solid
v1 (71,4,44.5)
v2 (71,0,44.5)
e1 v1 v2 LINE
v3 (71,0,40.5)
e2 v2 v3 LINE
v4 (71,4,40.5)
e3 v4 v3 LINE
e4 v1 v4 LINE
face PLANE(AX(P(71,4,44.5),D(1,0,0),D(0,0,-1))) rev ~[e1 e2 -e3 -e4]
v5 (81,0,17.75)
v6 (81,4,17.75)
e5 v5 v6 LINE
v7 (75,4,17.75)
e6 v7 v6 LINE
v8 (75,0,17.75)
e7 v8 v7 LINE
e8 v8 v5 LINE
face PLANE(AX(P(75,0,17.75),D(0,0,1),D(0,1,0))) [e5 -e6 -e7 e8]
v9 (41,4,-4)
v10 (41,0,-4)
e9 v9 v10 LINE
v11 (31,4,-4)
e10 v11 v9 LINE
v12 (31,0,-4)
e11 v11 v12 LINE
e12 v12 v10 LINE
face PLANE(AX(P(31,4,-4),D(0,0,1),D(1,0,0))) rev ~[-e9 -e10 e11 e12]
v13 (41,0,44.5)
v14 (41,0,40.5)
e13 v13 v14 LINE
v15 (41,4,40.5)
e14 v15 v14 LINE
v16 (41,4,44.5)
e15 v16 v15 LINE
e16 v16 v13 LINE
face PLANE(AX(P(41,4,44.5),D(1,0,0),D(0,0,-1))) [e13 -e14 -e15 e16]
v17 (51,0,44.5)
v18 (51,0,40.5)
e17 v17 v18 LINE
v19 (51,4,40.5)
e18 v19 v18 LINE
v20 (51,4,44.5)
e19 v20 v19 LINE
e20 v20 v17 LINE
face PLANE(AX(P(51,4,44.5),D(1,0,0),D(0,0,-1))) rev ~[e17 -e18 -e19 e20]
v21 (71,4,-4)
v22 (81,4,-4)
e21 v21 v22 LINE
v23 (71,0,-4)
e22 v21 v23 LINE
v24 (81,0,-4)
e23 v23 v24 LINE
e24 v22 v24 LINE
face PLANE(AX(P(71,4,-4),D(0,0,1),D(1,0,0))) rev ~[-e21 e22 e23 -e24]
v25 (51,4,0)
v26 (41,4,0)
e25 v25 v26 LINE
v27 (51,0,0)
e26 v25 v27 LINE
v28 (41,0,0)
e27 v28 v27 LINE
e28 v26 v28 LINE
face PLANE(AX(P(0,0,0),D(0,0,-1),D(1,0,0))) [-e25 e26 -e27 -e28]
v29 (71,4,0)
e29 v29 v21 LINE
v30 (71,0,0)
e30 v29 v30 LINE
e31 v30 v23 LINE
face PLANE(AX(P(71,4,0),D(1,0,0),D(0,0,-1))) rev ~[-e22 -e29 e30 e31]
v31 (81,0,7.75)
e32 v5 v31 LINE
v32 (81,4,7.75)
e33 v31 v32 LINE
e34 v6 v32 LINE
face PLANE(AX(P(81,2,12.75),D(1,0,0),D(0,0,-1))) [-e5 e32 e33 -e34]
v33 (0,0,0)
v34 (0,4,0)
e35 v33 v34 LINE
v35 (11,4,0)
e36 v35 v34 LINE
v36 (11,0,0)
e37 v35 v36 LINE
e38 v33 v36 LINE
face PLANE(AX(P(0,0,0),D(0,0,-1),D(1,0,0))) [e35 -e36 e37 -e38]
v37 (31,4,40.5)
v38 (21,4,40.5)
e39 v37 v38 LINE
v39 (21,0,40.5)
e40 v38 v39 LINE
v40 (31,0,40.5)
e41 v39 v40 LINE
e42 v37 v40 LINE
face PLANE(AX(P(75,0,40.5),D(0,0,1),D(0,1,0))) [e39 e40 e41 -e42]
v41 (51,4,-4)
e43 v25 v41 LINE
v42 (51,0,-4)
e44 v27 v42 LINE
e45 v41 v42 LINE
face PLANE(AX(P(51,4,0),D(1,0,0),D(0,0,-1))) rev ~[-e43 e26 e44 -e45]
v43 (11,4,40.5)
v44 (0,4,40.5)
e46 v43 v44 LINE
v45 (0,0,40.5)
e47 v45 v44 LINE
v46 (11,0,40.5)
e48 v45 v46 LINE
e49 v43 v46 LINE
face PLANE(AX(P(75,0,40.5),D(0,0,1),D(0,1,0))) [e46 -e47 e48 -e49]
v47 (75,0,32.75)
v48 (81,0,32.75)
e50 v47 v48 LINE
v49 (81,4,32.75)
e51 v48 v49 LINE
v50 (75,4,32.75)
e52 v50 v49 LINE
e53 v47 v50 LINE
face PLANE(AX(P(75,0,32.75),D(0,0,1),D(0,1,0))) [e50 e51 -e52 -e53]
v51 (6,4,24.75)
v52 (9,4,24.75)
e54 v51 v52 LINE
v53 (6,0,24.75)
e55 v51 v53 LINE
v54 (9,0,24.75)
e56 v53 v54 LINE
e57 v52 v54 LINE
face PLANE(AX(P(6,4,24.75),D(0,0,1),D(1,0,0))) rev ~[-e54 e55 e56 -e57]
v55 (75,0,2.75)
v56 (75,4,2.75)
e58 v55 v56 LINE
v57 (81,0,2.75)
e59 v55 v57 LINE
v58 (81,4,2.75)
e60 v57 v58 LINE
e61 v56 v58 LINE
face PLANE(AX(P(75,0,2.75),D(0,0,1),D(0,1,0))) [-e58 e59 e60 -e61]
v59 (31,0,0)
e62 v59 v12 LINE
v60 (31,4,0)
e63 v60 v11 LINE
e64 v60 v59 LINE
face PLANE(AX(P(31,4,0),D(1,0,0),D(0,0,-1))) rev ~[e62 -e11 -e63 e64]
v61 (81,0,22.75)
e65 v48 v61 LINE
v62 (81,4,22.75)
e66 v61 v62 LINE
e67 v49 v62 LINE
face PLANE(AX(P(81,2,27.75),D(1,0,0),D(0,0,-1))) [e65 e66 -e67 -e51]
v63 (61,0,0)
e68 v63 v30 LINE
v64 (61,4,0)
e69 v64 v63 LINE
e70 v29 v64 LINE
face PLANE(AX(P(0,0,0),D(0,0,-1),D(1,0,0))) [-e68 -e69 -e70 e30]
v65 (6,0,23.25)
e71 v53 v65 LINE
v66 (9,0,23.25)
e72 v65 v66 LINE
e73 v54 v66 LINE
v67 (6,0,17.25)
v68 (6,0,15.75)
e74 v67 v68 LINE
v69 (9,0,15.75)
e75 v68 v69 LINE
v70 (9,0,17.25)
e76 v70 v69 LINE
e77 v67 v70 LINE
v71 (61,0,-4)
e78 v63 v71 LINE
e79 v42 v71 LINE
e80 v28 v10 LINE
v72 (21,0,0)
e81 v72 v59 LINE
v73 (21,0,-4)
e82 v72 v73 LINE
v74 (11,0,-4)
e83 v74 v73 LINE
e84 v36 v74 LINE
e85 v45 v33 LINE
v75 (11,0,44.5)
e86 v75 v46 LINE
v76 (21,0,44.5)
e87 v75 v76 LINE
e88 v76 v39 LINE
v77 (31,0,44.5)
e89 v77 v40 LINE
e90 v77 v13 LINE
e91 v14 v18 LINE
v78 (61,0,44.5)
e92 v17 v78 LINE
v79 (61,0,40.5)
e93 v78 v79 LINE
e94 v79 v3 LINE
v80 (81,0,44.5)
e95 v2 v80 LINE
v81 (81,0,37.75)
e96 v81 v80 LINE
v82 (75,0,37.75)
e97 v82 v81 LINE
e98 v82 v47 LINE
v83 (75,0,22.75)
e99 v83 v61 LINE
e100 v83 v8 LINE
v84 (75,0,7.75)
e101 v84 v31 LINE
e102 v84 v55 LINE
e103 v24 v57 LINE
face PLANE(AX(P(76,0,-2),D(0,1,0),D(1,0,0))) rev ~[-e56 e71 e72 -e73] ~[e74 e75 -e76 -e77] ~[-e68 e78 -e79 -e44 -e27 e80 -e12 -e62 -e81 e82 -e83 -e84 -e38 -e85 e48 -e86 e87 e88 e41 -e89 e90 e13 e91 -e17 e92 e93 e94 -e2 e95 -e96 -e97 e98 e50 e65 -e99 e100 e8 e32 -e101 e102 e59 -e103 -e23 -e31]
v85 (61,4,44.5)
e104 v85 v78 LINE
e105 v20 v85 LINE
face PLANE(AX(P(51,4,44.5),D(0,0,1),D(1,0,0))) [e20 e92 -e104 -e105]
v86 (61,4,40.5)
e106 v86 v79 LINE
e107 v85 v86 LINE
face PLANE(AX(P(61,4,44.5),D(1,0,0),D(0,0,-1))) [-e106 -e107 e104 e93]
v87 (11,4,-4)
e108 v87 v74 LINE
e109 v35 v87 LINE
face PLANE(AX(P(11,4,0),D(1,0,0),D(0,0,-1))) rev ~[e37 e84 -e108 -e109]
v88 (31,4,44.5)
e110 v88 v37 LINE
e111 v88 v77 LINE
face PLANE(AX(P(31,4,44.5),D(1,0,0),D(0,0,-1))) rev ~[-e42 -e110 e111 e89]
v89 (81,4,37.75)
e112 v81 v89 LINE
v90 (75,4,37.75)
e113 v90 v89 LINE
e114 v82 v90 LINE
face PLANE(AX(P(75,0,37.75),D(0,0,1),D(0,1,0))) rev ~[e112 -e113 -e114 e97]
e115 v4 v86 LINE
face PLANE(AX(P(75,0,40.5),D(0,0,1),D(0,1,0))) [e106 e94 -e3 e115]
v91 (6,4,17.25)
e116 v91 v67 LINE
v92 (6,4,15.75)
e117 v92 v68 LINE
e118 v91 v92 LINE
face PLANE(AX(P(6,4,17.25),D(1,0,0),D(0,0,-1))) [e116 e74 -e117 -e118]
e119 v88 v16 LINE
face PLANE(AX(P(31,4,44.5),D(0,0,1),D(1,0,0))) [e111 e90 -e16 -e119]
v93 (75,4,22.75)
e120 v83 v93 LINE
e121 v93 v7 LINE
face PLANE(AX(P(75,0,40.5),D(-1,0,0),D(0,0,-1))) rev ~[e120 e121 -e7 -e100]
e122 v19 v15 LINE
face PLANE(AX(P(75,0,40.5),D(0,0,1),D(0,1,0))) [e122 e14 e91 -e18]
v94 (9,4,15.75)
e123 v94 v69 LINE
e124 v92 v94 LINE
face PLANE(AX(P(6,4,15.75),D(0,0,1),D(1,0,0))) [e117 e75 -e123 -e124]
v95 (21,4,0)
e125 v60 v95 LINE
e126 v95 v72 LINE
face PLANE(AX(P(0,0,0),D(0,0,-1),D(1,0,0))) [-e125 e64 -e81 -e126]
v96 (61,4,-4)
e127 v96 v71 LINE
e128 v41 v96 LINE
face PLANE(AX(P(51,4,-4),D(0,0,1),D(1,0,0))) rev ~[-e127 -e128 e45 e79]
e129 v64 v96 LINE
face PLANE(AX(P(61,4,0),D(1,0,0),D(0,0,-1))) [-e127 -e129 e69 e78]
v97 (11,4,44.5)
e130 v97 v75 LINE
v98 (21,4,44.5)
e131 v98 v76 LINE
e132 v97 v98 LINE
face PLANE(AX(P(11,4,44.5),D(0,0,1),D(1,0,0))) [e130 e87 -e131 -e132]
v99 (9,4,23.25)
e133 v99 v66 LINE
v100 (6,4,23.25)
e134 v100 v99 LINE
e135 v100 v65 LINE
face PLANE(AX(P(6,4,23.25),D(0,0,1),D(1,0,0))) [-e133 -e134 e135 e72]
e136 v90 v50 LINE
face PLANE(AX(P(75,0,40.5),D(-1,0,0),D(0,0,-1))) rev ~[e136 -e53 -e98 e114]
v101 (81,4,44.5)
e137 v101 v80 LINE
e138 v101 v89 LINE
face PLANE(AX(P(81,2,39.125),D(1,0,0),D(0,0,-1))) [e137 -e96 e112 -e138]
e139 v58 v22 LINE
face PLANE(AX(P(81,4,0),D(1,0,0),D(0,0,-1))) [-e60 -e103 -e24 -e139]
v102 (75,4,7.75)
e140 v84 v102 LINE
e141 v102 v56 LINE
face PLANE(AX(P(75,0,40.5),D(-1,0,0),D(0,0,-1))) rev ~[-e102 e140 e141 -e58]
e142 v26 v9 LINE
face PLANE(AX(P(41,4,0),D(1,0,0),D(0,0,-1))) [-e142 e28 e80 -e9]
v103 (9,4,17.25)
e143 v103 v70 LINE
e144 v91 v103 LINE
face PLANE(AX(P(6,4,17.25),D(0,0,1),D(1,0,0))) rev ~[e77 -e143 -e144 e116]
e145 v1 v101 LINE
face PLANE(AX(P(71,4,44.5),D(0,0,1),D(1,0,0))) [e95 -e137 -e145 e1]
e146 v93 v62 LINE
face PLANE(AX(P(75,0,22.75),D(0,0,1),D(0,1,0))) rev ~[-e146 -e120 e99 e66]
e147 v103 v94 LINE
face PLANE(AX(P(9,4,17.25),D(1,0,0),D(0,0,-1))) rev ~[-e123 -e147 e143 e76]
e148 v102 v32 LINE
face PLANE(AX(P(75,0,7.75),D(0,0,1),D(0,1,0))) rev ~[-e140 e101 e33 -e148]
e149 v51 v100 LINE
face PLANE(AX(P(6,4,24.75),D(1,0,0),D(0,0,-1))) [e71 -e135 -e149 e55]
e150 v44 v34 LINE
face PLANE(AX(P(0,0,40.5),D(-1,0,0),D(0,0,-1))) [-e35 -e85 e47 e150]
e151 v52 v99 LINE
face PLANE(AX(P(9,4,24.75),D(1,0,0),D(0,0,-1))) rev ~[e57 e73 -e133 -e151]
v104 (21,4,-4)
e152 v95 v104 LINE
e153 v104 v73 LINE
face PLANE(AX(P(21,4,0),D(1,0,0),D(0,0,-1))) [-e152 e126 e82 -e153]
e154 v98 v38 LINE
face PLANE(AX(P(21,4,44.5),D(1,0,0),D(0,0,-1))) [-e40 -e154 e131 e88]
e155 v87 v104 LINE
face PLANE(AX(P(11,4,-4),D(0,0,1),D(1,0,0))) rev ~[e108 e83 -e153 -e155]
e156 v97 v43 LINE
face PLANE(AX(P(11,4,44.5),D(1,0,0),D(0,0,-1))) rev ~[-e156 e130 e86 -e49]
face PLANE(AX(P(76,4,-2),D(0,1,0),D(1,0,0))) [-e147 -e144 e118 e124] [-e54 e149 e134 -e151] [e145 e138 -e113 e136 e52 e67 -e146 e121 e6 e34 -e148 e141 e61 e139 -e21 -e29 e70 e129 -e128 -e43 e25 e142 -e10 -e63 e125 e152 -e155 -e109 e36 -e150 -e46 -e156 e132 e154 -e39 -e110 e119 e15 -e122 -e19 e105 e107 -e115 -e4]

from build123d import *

# Parameters (mm, degrees)
SKETCH1_W           = 75
SKETCH1_H           = 40.5
BOSS_EXTRUDE1_DEPTH = 4
SKETCH2_W           = 2.75
SKETCH2_H           = 4
SKETCH2_W_2         = 10
BOSS_EXTRUDE2_DEPTH = 6
SKETCH3_W           = 10
SKETCH3_H           = 4
BOSS_EXTRUDE3_DEPTH = 4
LPATTERN1_COUNT     = 4
LPATTERN1_PITCH     = 20
SKETCH4_W           = 3
SKETCH4_H           = 1.5
CUT_EXTRUDE1_DEPTH  = 5


with BuildPart() as part:
    # Sketch1 → Boss-Extrude1 (new body)
    with BuildSketch(Plane(origin=(0, 0, 0), x_dir=(1, 0, 0), z_dir=(0, 1, 0))):
        with Locations((37.5, -20.25)):
            Rectangle(SKETCH1_W, SKETCH1_H)
    extrude(amount=BOSS_EXTRUDE1_DEPTH)

    # Sketch2 → Boss-Extrude2 (add)
    with BuildSketch(Plane(origin=(75, 0, 0), x_dir=(0, 0, -1), z_dir=(1, 0, 0))):
        with Locations((-39.125, 2)):
            Rectangle(SKETCH2_W, SKETCH2_H)
        with Locations((-27.75, 2)):
            Rectangle(SKETCH2_W_2, SKETCH2_H)
        with Locations((-12.75, 2)):
            Rectangle(SKETCH2_W_2, SKETCH2_H)
        with Locations((-1.375, 2)):
            Rectangle(SKETCH2_W, SKETCH2_H)
    extrude(amount=BOSS_EXTRUDE2_DEPTH)

    # Sketch3 → Boss-Extrude3 (add, through all)
    with BuildSketch(Plane(origin=(0, 4, 0), x_dir=(1, 0, 0), z_dir=(0, 1, 0))):
        with Locations((76, 2)):
            Rectangle(SKETCH3_W, SKETCH3_H)
        with Locations((76, -42.5)):
            Rectangle(SKETCH3_W, SKETCH3_H)
    boss_extrude3 = extrude(amount=-BOSS_EXTRUDE3_DEPTH)

    # LPattern1: Boss-Extrude3 ×4
    with Locations(*[(-i * LPATTERN1_PITCH, 0, 0) for i in range(1, LPATTERN1_COUNT)]):
        add(boss_extrude3)

    # Sketch4 → Cut-Extrude1 (cut, through all)
    with BuildSketch(Plane(origin=(0, 4, 0), x_dir=(1, 0, 0), z_dir=(0, 1, 0))):
        with Locations((7.5, -24)):
            Rectangle(SKETCH4_W, SKETCH4_H)
        with Locations((7.5, -16.5)):
            Rectangle(SKETCH4_W, SKETCH4_H)
    extrude(amount=-CUT_EXTRUDE1_DEPTH, mode=Mode.SUBTRACT)


solid = part.part
